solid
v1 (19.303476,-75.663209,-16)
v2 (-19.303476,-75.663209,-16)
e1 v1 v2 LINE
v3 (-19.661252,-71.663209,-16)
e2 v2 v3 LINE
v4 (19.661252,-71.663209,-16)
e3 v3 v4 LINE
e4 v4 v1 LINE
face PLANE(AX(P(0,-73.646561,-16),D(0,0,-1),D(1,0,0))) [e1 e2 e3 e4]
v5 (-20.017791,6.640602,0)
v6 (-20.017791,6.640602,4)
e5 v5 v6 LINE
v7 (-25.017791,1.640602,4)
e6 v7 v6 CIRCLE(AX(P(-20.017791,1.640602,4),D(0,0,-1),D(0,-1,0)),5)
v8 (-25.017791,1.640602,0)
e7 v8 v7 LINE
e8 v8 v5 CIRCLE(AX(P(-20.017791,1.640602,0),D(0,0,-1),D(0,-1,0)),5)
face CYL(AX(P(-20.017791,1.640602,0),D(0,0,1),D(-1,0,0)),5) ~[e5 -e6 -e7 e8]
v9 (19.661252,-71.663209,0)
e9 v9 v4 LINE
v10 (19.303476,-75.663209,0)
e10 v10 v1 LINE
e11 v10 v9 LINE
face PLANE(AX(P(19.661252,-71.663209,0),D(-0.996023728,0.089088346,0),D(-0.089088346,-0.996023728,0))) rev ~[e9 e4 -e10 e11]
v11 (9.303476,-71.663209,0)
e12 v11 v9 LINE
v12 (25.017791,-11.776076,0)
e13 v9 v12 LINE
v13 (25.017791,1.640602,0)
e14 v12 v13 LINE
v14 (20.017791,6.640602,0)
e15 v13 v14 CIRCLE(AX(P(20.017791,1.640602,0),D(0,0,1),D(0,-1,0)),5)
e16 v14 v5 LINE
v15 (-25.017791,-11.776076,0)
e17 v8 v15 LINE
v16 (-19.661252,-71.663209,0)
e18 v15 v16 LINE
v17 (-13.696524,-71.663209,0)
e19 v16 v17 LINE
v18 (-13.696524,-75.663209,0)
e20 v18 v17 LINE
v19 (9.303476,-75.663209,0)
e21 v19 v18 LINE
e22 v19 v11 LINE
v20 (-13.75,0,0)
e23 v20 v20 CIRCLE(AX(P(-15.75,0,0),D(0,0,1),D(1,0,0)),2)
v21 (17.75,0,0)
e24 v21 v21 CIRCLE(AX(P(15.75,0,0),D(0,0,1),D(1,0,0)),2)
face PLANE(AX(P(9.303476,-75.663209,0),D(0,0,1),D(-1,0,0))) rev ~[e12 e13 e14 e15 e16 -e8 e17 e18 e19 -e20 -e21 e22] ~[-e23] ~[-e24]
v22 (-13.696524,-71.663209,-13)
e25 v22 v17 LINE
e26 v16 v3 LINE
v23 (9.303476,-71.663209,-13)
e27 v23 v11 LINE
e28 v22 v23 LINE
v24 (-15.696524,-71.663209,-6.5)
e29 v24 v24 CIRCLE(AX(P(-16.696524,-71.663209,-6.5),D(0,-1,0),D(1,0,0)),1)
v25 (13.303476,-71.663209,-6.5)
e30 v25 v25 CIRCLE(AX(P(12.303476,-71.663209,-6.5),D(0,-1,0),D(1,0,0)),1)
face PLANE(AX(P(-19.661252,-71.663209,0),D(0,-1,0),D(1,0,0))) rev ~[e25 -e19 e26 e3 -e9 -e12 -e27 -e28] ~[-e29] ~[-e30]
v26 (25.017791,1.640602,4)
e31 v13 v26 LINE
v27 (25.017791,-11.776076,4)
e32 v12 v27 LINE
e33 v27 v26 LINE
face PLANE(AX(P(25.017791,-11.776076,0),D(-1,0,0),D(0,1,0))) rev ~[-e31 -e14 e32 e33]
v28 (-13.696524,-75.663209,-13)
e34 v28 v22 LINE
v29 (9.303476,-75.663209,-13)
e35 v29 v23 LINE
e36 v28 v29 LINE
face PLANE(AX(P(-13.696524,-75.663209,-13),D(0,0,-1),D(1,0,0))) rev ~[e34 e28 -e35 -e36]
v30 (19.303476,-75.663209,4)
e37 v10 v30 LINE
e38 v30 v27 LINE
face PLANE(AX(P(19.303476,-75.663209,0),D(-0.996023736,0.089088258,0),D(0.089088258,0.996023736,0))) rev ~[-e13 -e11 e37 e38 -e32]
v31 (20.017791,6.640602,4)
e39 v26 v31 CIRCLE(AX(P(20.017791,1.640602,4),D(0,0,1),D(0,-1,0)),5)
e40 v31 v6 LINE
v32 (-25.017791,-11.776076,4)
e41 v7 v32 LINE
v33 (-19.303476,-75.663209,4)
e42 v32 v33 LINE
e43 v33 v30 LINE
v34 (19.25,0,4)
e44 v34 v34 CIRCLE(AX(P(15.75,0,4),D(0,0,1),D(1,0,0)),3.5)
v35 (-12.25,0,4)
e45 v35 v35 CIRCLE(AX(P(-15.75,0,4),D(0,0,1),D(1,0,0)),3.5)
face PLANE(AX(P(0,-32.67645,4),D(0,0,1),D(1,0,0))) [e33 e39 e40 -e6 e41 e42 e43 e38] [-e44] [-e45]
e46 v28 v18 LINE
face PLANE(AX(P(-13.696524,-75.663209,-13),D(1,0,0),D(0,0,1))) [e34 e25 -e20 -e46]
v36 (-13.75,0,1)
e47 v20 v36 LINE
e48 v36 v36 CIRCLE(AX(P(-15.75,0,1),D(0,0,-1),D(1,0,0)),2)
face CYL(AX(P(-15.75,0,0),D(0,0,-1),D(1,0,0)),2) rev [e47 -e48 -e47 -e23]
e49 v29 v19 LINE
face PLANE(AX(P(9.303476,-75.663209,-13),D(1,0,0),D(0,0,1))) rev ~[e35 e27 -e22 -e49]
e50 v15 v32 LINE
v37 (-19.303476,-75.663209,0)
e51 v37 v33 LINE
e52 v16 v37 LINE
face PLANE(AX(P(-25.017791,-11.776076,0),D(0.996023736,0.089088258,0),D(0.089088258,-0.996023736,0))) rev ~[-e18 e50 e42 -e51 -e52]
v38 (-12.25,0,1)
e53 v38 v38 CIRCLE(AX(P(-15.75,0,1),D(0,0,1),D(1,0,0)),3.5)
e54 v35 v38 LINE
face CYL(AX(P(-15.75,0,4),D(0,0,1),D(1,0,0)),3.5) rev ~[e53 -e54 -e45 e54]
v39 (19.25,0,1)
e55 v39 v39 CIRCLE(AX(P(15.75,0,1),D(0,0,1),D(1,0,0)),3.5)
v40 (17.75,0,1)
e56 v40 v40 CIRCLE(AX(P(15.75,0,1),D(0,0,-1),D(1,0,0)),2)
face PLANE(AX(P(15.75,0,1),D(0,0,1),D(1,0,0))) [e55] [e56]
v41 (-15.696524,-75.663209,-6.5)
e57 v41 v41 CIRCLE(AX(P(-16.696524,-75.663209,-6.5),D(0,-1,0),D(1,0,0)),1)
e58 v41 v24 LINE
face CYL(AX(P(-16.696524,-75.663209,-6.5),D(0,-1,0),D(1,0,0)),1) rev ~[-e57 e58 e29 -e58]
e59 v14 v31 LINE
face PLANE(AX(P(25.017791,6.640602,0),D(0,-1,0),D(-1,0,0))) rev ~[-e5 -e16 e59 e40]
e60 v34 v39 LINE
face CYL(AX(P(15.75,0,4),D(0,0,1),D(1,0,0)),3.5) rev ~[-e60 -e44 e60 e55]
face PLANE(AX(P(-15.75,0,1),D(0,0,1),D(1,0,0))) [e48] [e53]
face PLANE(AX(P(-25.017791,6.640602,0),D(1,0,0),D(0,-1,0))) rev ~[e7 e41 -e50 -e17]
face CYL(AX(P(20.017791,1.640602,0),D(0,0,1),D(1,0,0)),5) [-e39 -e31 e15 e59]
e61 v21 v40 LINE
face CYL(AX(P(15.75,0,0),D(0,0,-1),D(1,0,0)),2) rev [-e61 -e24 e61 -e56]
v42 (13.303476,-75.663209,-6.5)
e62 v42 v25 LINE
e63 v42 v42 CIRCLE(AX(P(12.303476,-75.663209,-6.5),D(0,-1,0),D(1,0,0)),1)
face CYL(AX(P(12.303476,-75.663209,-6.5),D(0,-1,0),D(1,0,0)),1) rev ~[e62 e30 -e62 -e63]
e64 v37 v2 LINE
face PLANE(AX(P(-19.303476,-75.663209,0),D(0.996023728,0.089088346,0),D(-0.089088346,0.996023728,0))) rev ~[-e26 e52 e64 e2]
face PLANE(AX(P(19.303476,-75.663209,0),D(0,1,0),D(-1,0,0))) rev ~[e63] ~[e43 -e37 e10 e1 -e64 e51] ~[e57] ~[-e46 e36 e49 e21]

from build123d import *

# Parameters (mm, degrees)
F0_R     = 2
F1_DEPTH = 4
F2_R     = 3.5
F3_DEPTH = 3
F5_DEPTH = 16
F6_W     = 6
F6_H     = 13
F6_W_2   = 17
F6_R     = 1
F7_DEPTH = 25
F8_R     = 5


with BuildPart() as f1:
    # F0 (on Top) → F1 (new body)
    with BuildSketch(Plane.XY):
        Polygon((0, 6.640602), (-25.017791, 6.640602), (-25.017791, -11.776076), (-19.303476, -75.663209), (0, -75.663209), (19.303476, -75.663209), (25.017791, -11.776076), (25.017791, 6.640602), align=None)
        with Locations((-15.75, 0)):
            Circle(F0_R, mode=Mode.SUBTRACT)
        with Locations((15.75, 0)):
            Circle(F0_R, mode=Mode.SUBTRACT)
    extrude(amount=F1_DEPTH)

    # F2 (on face) → F3 (cut)
    with BuildSketch(Plane.XY.offset(4)):
        with Locations((-15.75, 0)):
            Circle(F2_R)
        with Locations((15.75, 0)):
            Circle(F2_R)
    extrude(amount=-F3_DEPTH, mode=Mode.SUBTRACT)

    # F4 (on face) → F5 (join)
    with BuildSketch(Plane(origin=(0, 0, 0), x_dir=(1, 0, 0), z_dir=(0, 0, -1))):
        Polygon((19.303476, 75.663209), (-19.303476, 75.663209), (-19.661252, 71.663209), (19.661252, 71.663209), align=None)
    extrude(amount=F5_DEPTH)

    # F6 (on face) → F7 (cut)
    with BuildSketch(Plane.XZ.offset(75.663209)):
        with Locations((6.303476, -6.5)):
            Rectangle(F6_W, F6_H)
        with Locations((-5.196524, -6.5)):
            Rectangle(F6_W_2, F6_H)
        with Locations((-16.696524, -6.5)):
            Circle(F6_R)
        with Locations((12.303476, -6.5)):
            Circle(F6_R)
    extrude(amount=-F7_DEPTH, mode=Mode.SUBTRACT)

    # F8
    f8_edges = [f1.edges().sort_by_distance(p)[0] for p in [
        (25.017791, 6.640602, 2),
        (-25.017791, 6.640602, 2),
    ]]
    fillet(f8_edges, radius=F8_R)


solid = f1.part
